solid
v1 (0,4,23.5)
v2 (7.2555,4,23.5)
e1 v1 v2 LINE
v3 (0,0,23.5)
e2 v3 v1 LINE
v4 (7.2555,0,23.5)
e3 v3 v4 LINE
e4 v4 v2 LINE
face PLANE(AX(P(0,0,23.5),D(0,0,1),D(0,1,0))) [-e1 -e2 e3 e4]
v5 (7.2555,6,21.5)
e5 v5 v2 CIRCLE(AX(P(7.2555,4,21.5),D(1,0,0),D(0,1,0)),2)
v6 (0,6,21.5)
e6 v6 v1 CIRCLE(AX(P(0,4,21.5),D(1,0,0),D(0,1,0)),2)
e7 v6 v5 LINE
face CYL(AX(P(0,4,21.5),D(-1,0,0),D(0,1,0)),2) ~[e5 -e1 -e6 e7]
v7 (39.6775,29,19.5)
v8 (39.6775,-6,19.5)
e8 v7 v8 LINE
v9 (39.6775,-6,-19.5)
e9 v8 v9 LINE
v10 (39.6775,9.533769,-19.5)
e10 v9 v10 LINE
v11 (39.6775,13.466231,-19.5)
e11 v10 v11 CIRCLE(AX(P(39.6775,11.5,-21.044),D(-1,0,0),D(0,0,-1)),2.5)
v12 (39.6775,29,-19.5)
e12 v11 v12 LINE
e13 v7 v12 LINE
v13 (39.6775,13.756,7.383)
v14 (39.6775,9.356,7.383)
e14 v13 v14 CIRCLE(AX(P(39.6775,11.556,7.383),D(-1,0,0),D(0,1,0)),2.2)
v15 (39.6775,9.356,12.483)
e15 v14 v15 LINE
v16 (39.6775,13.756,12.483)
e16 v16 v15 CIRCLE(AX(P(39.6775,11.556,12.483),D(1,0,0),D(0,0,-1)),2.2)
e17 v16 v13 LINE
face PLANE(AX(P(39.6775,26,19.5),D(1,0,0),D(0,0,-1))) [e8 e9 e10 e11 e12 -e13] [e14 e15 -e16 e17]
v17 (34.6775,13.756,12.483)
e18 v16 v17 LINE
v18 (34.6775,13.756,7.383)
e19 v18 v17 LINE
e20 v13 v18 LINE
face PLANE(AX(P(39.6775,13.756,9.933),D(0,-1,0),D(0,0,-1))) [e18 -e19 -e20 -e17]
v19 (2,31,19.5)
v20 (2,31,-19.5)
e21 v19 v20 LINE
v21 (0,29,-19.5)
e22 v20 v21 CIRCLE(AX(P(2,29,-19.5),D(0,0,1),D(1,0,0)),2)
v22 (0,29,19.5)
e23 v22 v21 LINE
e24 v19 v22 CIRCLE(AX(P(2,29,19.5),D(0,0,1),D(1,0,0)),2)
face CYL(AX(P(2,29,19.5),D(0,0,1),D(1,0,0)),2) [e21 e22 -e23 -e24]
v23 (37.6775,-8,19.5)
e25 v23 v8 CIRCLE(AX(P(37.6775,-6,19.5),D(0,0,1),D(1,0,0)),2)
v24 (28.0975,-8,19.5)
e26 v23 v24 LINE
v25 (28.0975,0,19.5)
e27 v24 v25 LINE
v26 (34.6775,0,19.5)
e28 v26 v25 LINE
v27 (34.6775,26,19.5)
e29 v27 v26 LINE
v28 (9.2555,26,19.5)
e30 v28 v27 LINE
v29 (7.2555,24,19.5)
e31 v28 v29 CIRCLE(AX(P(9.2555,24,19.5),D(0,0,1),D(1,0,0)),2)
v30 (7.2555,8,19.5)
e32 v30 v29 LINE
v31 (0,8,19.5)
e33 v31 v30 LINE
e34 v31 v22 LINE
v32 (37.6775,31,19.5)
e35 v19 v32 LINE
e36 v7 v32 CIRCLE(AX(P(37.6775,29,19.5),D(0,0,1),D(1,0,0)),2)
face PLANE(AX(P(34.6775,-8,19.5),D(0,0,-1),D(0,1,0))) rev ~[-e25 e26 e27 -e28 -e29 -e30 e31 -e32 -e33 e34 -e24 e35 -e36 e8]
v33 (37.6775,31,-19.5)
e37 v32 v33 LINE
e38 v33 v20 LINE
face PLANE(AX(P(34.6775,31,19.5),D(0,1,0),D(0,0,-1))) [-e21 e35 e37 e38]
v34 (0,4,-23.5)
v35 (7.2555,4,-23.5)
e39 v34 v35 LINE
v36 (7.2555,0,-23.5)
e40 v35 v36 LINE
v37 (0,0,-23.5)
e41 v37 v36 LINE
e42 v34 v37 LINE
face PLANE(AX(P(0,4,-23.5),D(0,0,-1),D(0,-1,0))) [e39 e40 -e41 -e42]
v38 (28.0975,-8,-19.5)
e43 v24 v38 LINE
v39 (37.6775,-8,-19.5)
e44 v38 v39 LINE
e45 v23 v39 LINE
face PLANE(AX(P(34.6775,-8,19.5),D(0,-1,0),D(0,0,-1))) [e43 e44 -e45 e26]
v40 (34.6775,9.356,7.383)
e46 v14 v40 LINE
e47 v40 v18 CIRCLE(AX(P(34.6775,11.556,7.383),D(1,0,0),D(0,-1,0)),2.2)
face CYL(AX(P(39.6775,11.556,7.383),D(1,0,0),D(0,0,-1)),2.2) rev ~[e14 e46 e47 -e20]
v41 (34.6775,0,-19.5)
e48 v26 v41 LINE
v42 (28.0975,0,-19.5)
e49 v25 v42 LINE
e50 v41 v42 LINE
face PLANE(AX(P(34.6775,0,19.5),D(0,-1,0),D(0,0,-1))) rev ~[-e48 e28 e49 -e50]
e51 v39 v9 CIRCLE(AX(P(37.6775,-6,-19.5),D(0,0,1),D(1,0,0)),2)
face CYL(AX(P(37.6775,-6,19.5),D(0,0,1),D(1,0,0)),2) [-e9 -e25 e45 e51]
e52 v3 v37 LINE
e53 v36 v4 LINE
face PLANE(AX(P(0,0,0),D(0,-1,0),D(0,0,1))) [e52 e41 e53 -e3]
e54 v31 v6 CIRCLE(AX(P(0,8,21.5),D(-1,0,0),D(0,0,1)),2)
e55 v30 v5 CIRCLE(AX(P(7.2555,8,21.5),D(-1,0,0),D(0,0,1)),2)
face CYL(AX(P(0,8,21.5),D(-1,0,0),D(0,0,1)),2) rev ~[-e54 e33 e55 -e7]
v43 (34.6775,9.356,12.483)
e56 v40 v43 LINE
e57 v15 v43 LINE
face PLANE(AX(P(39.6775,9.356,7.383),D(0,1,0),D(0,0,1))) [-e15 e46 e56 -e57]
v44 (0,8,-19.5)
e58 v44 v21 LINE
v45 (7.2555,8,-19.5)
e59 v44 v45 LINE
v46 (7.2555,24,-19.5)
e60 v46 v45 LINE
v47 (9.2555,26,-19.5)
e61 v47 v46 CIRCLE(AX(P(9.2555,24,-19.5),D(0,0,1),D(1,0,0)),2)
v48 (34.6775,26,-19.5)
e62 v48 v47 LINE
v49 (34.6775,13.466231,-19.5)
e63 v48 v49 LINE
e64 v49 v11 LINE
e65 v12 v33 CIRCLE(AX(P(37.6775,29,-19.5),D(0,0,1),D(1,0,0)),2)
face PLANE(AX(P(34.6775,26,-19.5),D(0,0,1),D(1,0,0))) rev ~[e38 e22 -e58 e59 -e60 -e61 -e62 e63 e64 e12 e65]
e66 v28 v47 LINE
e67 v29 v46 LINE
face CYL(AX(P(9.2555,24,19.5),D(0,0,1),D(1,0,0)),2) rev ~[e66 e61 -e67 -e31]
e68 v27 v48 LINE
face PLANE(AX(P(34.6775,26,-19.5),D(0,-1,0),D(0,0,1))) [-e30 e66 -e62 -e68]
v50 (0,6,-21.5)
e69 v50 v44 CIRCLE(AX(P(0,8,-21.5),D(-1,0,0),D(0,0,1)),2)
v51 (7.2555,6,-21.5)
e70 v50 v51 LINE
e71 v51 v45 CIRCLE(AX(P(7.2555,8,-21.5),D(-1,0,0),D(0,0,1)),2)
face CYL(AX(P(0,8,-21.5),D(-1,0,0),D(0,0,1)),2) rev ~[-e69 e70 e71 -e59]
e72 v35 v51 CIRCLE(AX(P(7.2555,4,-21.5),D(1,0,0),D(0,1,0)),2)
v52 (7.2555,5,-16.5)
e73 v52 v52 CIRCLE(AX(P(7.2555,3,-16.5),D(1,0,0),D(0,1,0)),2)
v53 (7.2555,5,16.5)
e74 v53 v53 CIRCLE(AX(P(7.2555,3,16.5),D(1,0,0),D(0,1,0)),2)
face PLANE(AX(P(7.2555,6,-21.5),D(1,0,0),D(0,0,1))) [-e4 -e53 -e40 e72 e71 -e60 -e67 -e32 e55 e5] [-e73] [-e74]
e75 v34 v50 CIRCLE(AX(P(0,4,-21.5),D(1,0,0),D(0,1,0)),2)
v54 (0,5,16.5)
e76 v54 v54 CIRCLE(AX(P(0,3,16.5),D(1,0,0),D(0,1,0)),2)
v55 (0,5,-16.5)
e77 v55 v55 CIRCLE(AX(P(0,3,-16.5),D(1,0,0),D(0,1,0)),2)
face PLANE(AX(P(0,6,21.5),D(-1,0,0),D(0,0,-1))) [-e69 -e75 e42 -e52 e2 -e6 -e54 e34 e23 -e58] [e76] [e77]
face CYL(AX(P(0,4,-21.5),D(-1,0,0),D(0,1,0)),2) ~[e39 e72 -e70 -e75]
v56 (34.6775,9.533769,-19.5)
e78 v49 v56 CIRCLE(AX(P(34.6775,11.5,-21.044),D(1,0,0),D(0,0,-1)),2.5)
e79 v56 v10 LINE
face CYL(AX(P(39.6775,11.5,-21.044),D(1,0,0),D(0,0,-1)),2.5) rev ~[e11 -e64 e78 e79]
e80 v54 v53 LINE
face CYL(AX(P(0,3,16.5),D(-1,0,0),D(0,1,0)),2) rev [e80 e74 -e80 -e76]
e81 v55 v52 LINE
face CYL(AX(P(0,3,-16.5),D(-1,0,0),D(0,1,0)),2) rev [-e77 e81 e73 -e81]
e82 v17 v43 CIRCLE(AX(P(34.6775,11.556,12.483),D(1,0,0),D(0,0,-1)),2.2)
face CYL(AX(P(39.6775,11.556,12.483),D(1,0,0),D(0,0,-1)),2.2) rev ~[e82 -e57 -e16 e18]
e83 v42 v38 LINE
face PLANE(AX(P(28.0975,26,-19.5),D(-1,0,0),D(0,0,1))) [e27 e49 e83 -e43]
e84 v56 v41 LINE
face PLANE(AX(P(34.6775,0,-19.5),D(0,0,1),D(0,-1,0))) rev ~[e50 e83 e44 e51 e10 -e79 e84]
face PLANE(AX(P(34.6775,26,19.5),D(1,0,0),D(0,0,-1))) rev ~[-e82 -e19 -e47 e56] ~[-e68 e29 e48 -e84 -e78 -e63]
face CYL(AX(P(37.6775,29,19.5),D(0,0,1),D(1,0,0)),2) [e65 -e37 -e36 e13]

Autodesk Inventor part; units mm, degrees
ref_plane "YZ Plane" through (0, 0, 0) normal (1, 0, 0) x (0, 1, 0)
ref_plane "XZ Plane" through (0, 0, 0) normal (0, 1, 0) x (-1, 0, 0)
ref_plane "XY Plane" through (0, 0, 0) normal (0, 0, 1) x (1, 0, 0)
sketch "Sketch1" plane through (0, 0, 0) normal (1, 0, 0) x (0, 1, 0)
  line L0 (0, 0) -> (0, 23.5)
  line L1 (0, 23.5) -> (6, 23.5)
  line L2 (6, 23.5) -> (6, -23.5)
  line L3 (6, -23.5) -> (0, -23.5)
  line L4 (0, -23.5) -> (0, 0)
  line L5 (6, 23.5) -> (6, 21.5)
  line L6 (6, 21.5) -> (4, 21.5)
  circle A0 centre (4, 21.5) radius 2
  line L7 (6, -23.5) -> (6, -21.5)
  line L8 (6, -21.5) -> (4, -21.5)
  circle A1 centre (4, -21.5) radius 2
  line L9 (6, -23.5) -> (6, -16.5)
  line L10 (6, -16.5) -> (3, -16.5)
  line L11 (6, 23.5) -> (6, 16.5)
  line L12 (6, 16.5) -> (3, 16.5)
  circle A2 centre (3, 16.5) radius 2
  circle A3 centre (3, -16.5) radius 2
  point P0 (4, 23.5)
  point P1 (4, -23.5)
  dimension "d0" = 23.5
  dimension "d1" = 6
  dimension "d2" = 47
  dimension "d3" = 6
  dimension "d4" = 2
  dimension "d5" = 2
  dimension "d6" = 4
  dimension "d7" = 2
  dimension "d8" = 2
  dimension "d9" = 4
  dimension "d10" = 7
  dimension "d11" = 3
  dimension "d12" = 7
  dimension "d13" = 3
  dimension "d14" = 4
  dimension "d15" = 4
extrude "Extrusion1" add sketch "Sketch1" along normal blind 7.2555 contours L0 L1 A0 L2 A1 L3 L4 | A0 | A1
sketch "Sketch2" plane through (0, 6, 21.5) normal (0, 1, 0) x (1, 0, 0)
  line L0 (7.2555, -2) -> (7.2555, 0) projected
  line L1 (0, 0) -> (7.2555, 0) projected
  line L2 (7.2555, 0) -> (0, 0)
  line L3 (0, 0) -> (0, 43)
  line L4 (0, -2) -> (0, 45) projected
  line L5 (0, 43) -> (7.2555, 43)
  line L6 (7.2555, 43) -> (7.2555, 0)
  point P0 (0, 21.5)
  dimension "d18" = 7.2555
  dimension "d19" = 43
  dimension "d20" = 7.2555
extrude "Extrusion2" add sketch "Sketch2" along normal blind 25
sketch "Sketch3" plane through (0, 0, 0) normal (-1, 0, 0) x (0, 0, 1)
  arc A0 (23.5, 4) -> (21.5, 6) centre (21.5, 4) ccw projected
  line L0 (21.5, 6) -> (21.5, 8)
  line L1 (21.5, 6) -> (21.5, 31) projected
  circle A1 centre (21.5, 8) radius 2
  line L2 (19.5, 8) -> (19.5, 31)
  line L3 (21.5, 31) -> (-21.5, 31) projected
  line L4 (19.5, 31) -> (21.5, 31)
  line L5 (21.5, 31) -> (21.5, 10)
  line L6 (-21.5, 6) -> (-21.5, 31) projected
  line L7 (-21.5, 6) -> (-21.5, 8)
  circle A2 centre (-21.5, 8) radius 2
  line L8 (-19.5, 8) -> (-19.5, 31)
  line L9 (-19.5, 31) -> (-21.5, 31)
  line L10 (-21.5, 31) -> (-21.5, 10)
  point P0 (0, 0)
  dimension "d23" = 2
  dimension "d24" = 4
  dimension "d25" = 23
  dimension "d26" = 2
  dimension "d27" = 4
  dimension "d28" = 23
extrude "Extrusion3" cut sketch "Sketch3" against normal blind 7.2555 contours A1 L1 L0 | L8 A2 L6 L3 | L2 L3 L1 A1 | A2 L6 picked at (20.5631, 8.9369) picked at (-20.5631, 7.0631)
sketch "Sketch4" plane through (7.2555, 0, 0) normal (1, 0, 0) x (0, 0, -1)
  line L0 (-19.5, 31) -> (19.5, 31) projected
  line L1 (-19.5, 31) -> (-19.5, 26)
  line L2 (-19.5, 8) -> (-19.5, 31) projected
  line L3 (-19.5, 26) -> (19.5, 26)
  line L4 (19.5, 26) -> (19.5, 31)
  line L5 (-19.5, 31) -> (19.5, 31)
  point P0 (0, 0)
  dimension "d31" = 5
  dimension "d32" = 39
extrude "Extrusion4" add sketch "Sketch4" along normal blind 27.422
sketch "Sketch5" plane through (0, 8, 19.5) normal (0, 0, 1) x (1, 0, 0)
  line L0 (0, 0) -> (0, 23) projected
  line L1 (0, 23) -> (0, 21)
  line L2 (0, 21) -> (2, 21)
  circle A0 centre (2, 21) radius 2
  line L3 (0, 23) -> (2, 23)
  line L4 (0, 23) -> (34.6775, 23) projected
  line L5 (7.2555, 18) -> (34.6775, 18) projected
  line L6 (7.2555, 18) -> (7.2555, 16)
  line L7 (7.2555, 16) -> (9.2555, 16)
  circle A1 centre (9.2555, 16) radius 2
  line L8 (7.2555, 18) -> (9.2555, 18)
  point P0 (0, -8)
  point P1 (7.2555, 16)
  dimension "d37" = 4
  dimension "d40" = 4
  dimension "d35" = 2
  dimension "d36" = 2
  dimension "d38" = 2
  dimension "d39" = 2
extrude "Extrusion5" cut sketch "Sketch5" against normal blind 39 contours L0 L3 A0 | L5 A1 L6
sketch "Sketch6" plane through (0, 8, 19.5) normal (0, 0, 1) x (1, 0, 0)
  line L0 (7.2555, 18) -> (7.2555, 0) projected
  line L1 (7.2555, 18) -> (7.2555, 16)
  line L2 (7.2555, 16) -> (9.2555, 16)
  circle A0 centre (9.2555, 16) radius 2
  line L3 (7.2555, 18) -> (34.6775, 18) projected
  line L4 (7.2555, 18) -> (9.2555, 18)
  point P0 (0, -8)
  point P1 (7.2555, 16)
  dimension "d45" = 4
  dimension "d43" = 2
  dimension "d44" = 2
extrude "Extrusion6" add sketch "Sketch6" against normal blind 39 contours L3 A0 L0
sketch "Sketch7" plane through (34.6775, 0, 0) normal (1, 0, 0) x (0, 0, -1)
  line L0 (-19.5, 31) -> (-19.5, 26) projected
  line L1 (19.5, 26) -> (19.5, 31) projected
  line L2 (-19.5, 31) -> (19.5, 31)
  line L3 (19.5, 31) -> (19.5, 26)
  line L4 (19.5, 26) -> (-19.5, 26)
  line L5 (-19.5, 26) -> (-19.5, 31)
  point P0 (0, 0)
extrude "Extrusion7" add sketch "Sketch7" along normal blind 5
sketch "Sketch8" plane through (0, 8, 19.5) normal (0, 0, 1) x (1, 0, 0)
  line L0 (39.6775, 23) -> (2, 23) projected
  line L1 (39.6775, 23) -> (37.6775, 23)
  line L2 (37.6775, 23) -> (37.6775, 21)
  circle A0 centre (37.6775, 21) radius 2
  line L3 (39.6775, 23) -> (39.6775, 21)
  point P0 (0, -8)
  dimension "d52" = 4
  dimension "d50" = 2
  dimension "d51" = 2
extrude "Extrusion8" cut sketch "Sketch8" against normal blind 39 contours L3 A0 L0
sketch "Sketch9" plane through (9.2555, 26, -19.5) normal (0, -1, 0) x (1, 0, 0)
  line L0 (30.422, 39) -> (30.422, 0) projected
  line L1 (30.422, 39) -> (25.422, 39)
  line L2 (0, 39) -> (30.422, 39) projected
  line L3 (25.422, 39) -> (25.422, 0)
  line L4 (25.422, 0) -> (30.422, 0)
  line L5 (30.422, 0) -> (30.422, 39)
  point P0 (-9.2555, 19.5)
  dimension "d55" = 5
  dimension "d56" = 39
extrude "Extrusion9" add sketch "Sketch9" along normal blind 34
sketch "Sketch10" plane through (39.6775, 0, 0) normal (1, 0, 0) x (0, 0, -1)
  line L0 (-19.5, 31) -> (-19.5, 29) projected
  line L1 (-19.5, 29) -> (-19.5, 26)
  line L2 (-19.5, 29) -> (-19.5, -8) projected
  line L3 (-19.5, 26) -> (19.5, 26)
  line L4 (19.5, 26) -> (19.5, 29)
  line L5 (19.5, 29) -> (-19.5, 29)
  line L6 (-19.5, 26) -> (-9.933, 26)
  line L7 (-9.933, 26) -> (-9.933, 13.756)
  line L8 (-9.933, 13.756) -> (-7.383, 13.756)
  line L9 (-7.383, 13.756) -> (-7.383, 11.556)
  line L10 (-7.383, 11.556) -> (-7.383, 9.356)
  line L11 (-7.383, 9.356) -> (-12.483, 9.356)
  line L12 (-12.483, 9.356) -> (-12.483, 11.556)
  line L13 (-12.483, 11.556) -> (-12.483, 13.756)
  line L14 (-12.483, 13.756) -> (-9.933, 13.756)
  circle A0 centre (-7.383, 11.556) radius 2.2
  circle A1 centre (-12.483, 11.556) radius 2.2
  line L15 (19.5, 26) -> (21.044, 26)
  line L16 (21.044, 26) -> (21.044, 11.5)
  circle A2 centre (21.044, 11.5) radius 2.5
  point P0 (0, 0)
  dimension "d59" = 3
  dimension "d60" = 39
  dimension "d61" = 9.567
  dimension "d62" = 12.244
  dimension "d63" = 2.55
  dimension "d64" = 2.2
  dimension "d65" = 2.2
  dimension "d66" = 5.1
  dimension "d67" = 2.2
  dimension "d68" = 2.2
  dimension "d69" = 4.4
  dimension "d70" = 4.4
  dimension "d71" = 1.544
  dimension "d72" = 14.5
  dimension "d73" = 5
extrude "Extrusion10" cut sketch "Sketch10" against normal blind 5 contours A2 | L8 A0 L11 A1 L14 | A0 L10 L9 | L9 L10 A0 | A1 L12 L13 | L13 L12 A1
sketch "Sketch11" plane through (34.6775, 26, -19.5) normal (-1, 0, 0) x (0, 0, 1)
  line L0 (39, -34) -> (0, -34) projected
  line L1 (39, -34) -> (39, -26)
  line L2 (39, 3) -> (39, -34) projected
  line L3 (39, -26) -> (0, -26)
  line L4 (0, -26) -> (0, -34)
  line L5 (0, -34) -> (39, -34)
  point P0 (19.5, -26)
  dimension "d76" = 8
  dimension "d77" = 39
extrude "Extrusion11" add sketch "Sketch11" along normal blind 6.58
sketch "Sketch12" plane through (0, 8, 19.5) normal (0, 0, 1) x (1, 0, 0)
  line L0 (39.6775, 21) -> (39.6775, -16) projected
  line L1 (39.6775, -16) -> (37.6775, -16)
  line L2 (39.6775, -16) -> (28.0975, -16) projected
  line L3 (37.6775, -16) -> (37.6775, -14)
  circle A0 centre (37.6775, -14) radius 2
  line L4 (39.6775, -16) -> (39.6775, -14)
  point P0 (0, -8)
  point P1 (37.6775, -16)
  dimension "d82" = 4
  dimension "d80" = 2
  dimension "d81" = 2
extrude "Extrusion12" cut sketch "Sketch12" against normal blind 39 contours L0 L1 A0
properties part number "camera_lock"
